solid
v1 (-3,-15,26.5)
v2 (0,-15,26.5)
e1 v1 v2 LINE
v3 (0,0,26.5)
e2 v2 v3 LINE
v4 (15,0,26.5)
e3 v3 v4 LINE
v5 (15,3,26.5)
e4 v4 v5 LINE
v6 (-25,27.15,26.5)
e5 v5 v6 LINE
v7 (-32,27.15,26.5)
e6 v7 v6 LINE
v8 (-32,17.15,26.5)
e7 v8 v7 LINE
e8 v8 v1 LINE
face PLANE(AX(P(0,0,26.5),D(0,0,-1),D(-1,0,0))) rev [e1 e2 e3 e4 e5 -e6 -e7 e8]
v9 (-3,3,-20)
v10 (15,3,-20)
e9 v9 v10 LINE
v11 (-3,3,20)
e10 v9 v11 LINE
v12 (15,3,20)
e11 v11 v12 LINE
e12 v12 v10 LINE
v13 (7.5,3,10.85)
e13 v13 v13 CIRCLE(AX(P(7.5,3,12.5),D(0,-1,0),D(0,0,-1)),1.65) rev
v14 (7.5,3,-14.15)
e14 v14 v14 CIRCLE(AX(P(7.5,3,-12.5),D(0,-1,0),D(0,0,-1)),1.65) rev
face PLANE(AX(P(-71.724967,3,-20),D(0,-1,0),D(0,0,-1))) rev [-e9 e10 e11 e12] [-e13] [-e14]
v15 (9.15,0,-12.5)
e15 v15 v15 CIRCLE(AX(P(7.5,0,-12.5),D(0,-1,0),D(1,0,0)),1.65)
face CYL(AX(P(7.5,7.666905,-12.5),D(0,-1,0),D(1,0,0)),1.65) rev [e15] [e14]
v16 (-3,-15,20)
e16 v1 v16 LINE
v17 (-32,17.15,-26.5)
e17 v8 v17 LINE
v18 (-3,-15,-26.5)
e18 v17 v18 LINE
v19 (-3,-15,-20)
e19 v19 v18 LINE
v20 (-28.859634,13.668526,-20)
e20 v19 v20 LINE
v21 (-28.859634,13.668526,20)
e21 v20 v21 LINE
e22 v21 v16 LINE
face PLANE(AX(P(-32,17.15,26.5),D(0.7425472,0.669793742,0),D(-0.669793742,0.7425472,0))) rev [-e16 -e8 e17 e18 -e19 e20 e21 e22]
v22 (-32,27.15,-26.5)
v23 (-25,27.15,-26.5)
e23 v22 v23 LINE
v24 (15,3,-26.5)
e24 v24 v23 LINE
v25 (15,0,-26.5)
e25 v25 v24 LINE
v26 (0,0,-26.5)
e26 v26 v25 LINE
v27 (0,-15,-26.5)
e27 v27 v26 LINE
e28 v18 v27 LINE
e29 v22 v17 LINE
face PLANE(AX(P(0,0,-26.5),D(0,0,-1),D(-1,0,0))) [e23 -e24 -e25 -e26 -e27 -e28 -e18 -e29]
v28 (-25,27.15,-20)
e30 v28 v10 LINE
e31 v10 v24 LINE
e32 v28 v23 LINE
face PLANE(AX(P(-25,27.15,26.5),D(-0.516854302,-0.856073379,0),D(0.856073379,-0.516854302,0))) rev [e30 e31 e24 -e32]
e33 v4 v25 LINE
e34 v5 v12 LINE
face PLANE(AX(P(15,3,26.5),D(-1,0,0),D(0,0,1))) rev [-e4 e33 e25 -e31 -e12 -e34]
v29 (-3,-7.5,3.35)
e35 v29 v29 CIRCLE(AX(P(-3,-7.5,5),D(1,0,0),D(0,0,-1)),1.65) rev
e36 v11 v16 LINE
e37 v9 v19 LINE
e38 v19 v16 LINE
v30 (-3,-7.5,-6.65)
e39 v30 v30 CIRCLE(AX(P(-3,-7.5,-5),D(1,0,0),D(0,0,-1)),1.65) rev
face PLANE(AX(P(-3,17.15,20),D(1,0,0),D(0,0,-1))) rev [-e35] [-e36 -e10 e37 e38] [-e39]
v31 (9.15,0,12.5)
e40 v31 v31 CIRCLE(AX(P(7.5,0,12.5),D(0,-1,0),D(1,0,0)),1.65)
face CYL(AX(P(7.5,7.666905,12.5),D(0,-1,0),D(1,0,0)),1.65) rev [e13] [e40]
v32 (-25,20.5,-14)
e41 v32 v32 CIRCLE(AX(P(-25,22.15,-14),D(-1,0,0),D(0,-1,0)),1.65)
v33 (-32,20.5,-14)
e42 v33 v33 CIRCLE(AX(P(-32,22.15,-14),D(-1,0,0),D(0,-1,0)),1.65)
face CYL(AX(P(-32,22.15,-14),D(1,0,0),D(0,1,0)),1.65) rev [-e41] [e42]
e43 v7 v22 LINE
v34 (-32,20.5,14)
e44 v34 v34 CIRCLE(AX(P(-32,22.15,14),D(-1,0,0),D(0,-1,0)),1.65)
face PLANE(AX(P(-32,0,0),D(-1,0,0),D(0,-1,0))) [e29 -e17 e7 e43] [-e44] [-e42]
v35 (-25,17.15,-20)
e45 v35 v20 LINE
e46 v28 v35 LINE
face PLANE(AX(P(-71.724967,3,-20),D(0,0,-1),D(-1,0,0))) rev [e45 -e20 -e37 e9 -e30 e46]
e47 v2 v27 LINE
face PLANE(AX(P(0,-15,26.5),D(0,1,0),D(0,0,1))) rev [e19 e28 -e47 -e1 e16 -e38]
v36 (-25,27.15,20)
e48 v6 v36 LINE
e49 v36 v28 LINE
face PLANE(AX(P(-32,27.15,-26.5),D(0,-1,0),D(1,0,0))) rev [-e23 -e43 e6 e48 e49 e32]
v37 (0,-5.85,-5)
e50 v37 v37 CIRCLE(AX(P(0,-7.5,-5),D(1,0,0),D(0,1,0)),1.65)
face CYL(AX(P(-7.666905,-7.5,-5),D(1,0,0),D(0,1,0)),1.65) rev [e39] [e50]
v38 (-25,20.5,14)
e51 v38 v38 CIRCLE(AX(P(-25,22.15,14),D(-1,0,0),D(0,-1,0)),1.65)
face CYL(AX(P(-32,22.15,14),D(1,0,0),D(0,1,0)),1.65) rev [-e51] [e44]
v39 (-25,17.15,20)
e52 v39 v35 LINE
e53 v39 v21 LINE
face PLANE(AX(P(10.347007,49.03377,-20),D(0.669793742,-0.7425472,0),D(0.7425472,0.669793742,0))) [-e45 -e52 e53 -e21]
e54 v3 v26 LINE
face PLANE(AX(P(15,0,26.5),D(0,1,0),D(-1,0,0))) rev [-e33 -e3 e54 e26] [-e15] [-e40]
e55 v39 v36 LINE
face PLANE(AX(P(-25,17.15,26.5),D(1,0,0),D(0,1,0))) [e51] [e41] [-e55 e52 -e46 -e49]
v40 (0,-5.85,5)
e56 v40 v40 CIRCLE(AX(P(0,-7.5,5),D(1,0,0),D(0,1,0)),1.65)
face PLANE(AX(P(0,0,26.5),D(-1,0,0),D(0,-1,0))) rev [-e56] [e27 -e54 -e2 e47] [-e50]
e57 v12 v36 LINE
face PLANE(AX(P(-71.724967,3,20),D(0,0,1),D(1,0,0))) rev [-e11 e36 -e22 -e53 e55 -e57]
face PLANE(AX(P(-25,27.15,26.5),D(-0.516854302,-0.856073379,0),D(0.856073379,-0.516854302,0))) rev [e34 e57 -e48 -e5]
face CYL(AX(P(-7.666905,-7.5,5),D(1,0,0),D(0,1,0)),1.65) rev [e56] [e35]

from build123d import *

# Parameters (mm, degrees)
BOSS_EXTRUDE1_DEPTH = 26.5
SKETCH3_W           = 53
SKETCH3_H           = 10
SKETCH3_R           = 1.65
BOSS_EXTRUDE2_DEPTH = 7
CUT_EXTRUDE1_REACH  = 62.402
SKETCH4_W           = 40
SKETCH4_H           = 24.15
CUT_EXTRUDE2_START  = -32.15
SKETCH5_W           = 45
SKETCH5_H           = 40
CUT_EXTRUDE2_DEPTH  = 32.15
SKETCH7_R           = 1.65
CUT_EXTRUDE4_DEPTH  = 3
SKETCH8_R           = 1.65
CUT_EXTRUDE5_DEPTH  = 3
BOSS_EXTRUDE3_REACH = 52.348
SKETCH9_W           = 40
SKETCH9_H           = 4.688556191


with BuildPart() as part:
    # Sketch1 → Boss-Extrude1 (new, symmetric)
    with BuildSketch(Plane.XY):
        Polygon((15, 0), (0, 0), (0, -15), (-3, -15), (-32, 17.15), (-25, 17.15), (-25, 27.15), (15, 3), align=None)
    extrude(amount=BOSS_EXTRUDE1_DEPTH, both=True)

    # Sketch3 → Boss-Extrude2 (add)
    with BuildSketch(Plane.ZY.offset(25)):
        with Locations((0, 22.15)):
            Rectangle(SKETCH3_W, SKETCH3_H)
        with Locations(Location((-14, 22.15, 0), (0, 0, 270))):
            Circle(SKETCH3_R, mode=Mode.SUBTRACT)
        with Locations(Location((14, 22.15, 0), (0, 0, 270))):
            Circle(SKETCH3_R, mode=Mode.SUBTRACT)
    extrude(amount=BOSS_EXTRUDE2_DEPTH)

    # Cut-Extrude1: up to this face of the body (flat: up to its plane)
    cut_extrude1_end = Plane(part.part.faces().sort_by_distance((-25, 22.15, -14))[0])
    # Sketch4 → Cut-Extrude1 (cut, up to the picked face)
    with BuildSketch(Plane(origin=(15, 0, 0), x_dir=(0, 0, -1), z_dir=(1, 0, 0)), mode=Mode.PRIVATE) as cut_extrude1_sk1:
        with Locations((0, 15.075)):
            Rectangle(SKETCH4_W, SKETCH4_H)
    cut_extrude1_tool1 = split(extrude(cut_extrude1_sk1.sketch, amount=-CUT_EXTRUDE1_REACH, mode=Mode.PRIVATE), bisect_by=cut_extrude1_end, keep=Keep.BOTH, mode=Mode.PRIVATE)
    add(cut_extrude1_tool1.solids().sort_by(Axis((15, 15.075, 0), (-1, 0, 0)))[0], mode=Mode.SUBTRACT)

    # Sketch5 → Cut-Extrude2 (cut)
    with BuildSketch(Plane.XZ.offset(15).offset(CUT_EXTRUDE2_START)):
        with Locations((-25.5, 0)):
            Rectangle(SKETCH5_W, SKETCH5_H)
    extrude(amount=CUT_EXTRUDE2_DEPTH, mode=Mode.SUBTRACT)

    # Sketch7 → Cut-Extrude4 (cut)
    with BuildSketch(Plane(origin=(0, 0, 0), x_dir=(0, 0, -1), z_dir=(1, 0, 0))):
        with Locations(Location((-5, -7.5, 0), (0, 0, 90))):
            Circle(SKETCH7_R)
        with Locations(Location((5, -7.5, 0), (0, 0, 90))):
            Circle(SKETCH7_R)
    extrude(amount=-CUT_EXTRUDE4_DEPTH, mode=Mode.SUBTRACT)

    # Sketch8 → Cut-Extrude5 (cut)
    with BuildSketch(Plane.XZ):
        with Locations((7.5, 12.5)):
            Circle(SKETCH8_R)
        with Locations((7.5, -12.5)):
            Circle(SKETCH8_R)
    extrude(amount=-CUT_EXTRUDE5_DEPTH, mode=Mode.SUBTRACT)

    # Boss-Extrude3: up to this face of the body (flat: up to its plane)
    boss_extrude3_end = Plane(part.part.faces().sort_by_distance((-28.5, 17.15, 0))[0])
    # Sketch9 → Boss-Extrude3 (add, up to the picked face)
    with BuildSketch(Plane(origin=(-9.114431039, -8.221415245, 0), x_dir=(0, 0, 1), z_dir=(-0.7425471996920773, -0.669793741557395, 0)), mode=Mode.PRIVATE) as boss_extrude3_sk1:
        with Locations((0, 31.82380611)):
            Rectangle(SKETCH9_W, SKETCH9_H)
    boss_extrude3_tool1 = split(extrude(boss_extrude3_sk1.sketch, amount=-BOSS_EXTRUDE3_REACH, mode=Mode.PRIVATE), bisect_by=boss_extrude3_end, keep=Keep.BOTH, mode=Mode.PRIVATE)
    add(boss_extrude3_tool1.solids().sort_by(Axis((-30.429817, 15.409263, 0), (0.7425471996920773, 0.669793741557395, 0)))[0])


solid = part.part
